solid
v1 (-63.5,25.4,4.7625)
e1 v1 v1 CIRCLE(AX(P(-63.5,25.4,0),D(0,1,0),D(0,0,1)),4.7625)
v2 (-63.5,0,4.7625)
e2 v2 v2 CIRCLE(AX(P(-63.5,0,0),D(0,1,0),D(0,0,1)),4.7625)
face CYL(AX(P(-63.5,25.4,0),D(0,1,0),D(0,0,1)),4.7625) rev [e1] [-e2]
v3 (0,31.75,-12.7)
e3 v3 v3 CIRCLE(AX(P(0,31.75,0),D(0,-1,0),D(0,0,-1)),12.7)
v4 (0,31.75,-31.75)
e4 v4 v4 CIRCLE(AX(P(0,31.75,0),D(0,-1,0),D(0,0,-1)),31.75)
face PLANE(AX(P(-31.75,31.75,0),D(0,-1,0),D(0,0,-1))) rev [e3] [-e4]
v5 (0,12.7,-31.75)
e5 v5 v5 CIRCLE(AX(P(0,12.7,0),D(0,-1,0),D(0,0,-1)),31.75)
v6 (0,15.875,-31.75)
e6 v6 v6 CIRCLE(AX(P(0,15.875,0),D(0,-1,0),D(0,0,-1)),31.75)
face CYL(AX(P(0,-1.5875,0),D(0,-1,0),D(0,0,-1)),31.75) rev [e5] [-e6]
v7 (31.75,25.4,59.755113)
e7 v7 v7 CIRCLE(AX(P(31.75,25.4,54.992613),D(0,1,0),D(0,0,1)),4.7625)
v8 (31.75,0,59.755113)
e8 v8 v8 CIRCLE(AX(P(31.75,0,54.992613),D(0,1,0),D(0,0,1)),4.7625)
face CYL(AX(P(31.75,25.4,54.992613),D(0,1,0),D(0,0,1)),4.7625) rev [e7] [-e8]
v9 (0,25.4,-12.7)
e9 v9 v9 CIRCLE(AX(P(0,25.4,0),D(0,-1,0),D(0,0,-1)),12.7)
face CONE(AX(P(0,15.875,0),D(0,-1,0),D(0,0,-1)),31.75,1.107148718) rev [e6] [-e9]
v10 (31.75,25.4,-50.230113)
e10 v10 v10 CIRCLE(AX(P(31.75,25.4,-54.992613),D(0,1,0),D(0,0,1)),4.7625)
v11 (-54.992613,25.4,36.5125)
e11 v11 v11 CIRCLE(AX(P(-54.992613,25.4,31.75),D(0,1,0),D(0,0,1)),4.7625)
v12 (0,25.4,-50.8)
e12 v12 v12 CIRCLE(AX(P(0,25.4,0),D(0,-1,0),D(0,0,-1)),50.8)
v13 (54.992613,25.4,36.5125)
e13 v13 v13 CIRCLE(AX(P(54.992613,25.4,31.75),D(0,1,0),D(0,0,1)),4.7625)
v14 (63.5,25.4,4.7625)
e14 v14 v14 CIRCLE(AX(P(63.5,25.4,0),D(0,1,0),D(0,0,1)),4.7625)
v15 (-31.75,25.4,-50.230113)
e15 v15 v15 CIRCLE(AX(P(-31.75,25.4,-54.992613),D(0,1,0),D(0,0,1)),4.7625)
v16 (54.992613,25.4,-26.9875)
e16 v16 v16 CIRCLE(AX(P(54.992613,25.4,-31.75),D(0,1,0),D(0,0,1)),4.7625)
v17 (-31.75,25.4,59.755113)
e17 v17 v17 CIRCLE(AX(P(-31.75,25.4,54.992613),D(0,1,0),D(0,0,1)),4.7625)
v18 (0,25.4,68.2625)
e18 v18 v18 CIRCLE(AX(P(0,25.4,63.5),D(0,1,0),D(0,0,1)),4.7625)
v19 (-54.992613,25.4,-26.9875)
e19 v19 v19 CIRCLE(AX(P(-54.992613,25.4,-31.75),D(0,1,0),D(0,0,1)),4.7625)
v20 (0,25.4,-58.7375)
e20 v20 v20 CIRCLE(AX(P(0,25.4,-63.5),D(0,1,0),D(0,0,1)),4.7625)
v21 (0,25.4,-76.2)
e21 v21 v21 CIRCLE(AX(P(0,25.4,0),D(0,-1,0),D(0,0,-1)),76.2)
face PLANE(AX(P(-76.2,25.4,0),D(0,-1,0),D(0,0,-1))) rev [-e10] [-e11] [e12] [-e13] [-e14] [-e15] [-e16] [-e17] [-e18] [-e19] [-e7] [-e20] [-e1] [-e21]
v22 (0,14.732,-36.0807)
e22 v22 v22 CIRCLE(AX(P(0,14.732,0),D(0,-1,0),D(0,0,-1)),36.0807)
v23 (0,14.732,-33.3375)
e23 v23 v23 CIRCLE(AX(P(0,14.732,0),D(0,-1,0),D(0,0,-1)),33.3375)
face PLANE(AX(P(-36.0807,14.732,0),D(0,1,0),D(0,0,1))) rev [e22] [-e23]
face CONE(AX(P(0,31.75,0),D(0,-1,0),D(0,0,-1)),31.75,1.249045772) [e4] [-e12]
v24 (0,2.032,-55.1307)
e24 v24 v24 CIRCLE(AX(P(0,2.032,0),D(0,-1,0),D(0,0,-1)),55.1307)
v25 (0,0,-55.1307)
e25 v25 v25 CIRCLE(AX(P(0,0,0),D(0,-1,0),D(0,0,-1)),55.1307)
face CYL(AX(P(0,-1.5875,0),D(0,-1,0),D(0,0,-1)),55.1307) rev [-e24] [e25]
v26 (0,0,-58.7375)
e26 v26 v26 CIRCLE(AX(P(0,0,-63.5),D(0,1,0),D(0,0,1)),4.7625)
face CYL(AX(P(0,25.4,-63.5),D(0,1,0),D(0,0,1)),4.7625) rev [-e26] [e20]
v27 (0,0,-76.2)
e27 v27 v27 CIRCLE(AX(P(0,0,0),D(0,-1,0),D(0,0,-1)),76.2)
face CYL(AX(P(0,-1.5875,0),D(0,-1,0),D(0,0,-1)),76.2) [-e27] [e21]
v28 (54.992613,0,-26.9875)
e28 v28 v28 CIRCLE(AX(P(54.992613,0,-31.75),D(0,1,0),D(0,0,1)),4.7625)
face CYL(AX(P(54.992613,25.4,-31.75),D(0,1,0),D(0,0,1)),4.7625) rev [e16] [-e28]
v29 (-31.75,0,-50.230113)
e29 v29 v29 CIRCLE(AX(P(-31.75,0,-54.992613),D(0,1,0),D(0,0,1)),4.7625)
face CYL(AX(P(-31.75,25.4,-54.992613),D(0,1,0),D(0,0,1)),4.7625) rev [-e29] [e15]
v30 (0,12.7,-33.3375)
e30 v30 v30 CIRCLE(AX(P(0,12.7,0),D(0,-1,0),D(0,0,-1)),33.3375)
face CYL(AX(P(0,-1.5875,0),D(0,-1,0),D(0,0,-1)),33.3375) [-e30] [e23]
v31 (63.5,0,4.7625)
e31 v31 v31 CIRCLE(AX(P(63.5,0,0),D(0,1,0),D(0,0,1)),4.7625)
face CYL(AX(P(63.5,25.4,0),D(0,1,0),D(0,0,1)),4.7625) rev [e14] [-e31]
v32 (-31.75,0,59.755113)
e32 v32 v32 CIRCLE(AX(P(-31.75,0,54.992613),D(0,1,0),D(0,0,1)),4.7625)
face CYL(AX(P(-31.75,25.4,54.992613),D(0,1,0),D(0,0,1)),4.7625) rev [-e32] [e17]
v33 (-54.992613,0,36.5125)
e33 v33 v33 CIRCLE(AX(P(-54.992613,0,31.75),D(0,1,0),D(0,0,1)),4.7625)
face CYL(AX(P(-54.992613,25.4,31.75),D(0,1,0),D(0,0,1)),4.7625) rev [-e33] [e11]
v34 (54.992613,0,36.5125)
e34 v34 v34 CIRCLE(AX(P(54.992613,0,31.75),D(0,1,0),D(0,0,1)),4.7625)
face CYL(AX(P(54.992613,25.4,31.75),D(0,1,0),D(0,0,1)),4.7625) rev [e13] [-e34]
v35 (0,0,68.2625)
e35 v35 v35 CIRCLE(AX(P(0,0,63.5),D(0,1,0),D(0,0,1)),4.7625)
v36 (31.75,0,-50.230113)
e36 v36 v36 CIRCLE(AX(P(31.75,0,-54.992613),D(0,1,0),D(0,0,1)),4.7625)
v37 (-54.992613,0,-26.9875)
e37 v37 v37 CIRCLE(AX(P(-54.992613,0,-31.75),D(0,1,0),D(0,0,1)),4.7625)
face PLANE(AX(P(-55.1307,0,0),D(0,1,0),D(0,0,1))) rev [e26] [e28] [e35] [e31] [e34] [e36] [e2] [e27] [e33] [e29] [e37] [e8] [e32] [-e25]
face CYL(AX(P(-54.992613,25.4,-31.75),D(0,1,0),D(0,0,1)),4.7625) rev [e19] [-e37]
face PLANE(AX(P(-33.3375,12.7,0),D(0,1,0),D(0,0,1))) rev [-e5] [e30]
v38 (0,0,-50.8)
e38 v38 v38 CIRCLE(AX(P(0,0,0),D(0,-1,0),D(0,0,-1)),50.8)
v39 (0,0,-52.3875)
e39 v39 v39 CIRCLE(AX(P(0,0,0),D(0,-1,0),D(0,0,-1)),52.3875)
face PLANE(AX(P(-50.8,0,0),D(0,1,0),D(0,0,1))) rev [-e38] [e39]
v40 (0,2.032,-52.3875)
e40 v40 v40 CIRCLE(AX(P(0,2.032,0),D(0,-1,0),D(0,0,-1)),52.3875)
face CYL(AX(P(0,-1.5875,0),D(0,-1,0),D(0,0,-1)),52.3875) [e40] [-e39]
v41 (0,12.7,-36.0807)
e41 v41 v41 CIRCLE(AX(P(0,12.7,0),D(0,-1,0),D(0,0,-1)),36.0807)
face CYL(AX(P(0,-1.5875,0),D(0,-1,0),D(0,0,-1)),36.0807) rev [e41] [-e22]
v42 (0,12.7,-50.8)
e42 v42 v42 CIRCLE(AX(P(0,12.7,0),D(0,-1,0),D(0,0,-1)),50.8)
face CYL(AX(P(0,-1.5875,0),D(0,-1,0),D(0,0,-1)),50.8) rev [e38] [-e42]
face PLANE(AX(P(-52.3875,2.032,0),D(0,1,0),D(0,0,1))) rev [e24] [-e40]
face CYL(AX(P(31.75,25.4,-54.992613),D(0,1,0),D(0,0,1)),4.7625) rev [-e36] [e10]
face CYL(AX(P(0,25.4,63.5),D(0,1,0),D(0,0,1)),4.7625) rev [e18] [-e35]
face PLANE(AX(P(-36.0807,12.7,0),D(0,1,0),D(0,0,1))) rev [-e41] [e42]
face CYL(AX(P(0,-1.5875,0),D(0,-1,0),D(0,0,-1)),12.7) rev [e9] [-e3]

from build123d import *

# Parameters (mm, degrees)
CIRPATTERN1_COUNT = 12


with BuildPart() as part:
    # Sketch1 → Revolve1 (revolve)
    with BuildSketch(Plane.XY):
        Polygon((-76.2, 0), (-76.2, 25.4), (-50.8, 25.4), (-31.75, 31.75), (-12.7, 31.75), (-12.7, 25.4), (-31.75, 15.875), (-31.75, 12.7), (-33.3375, 12.7), (-33.3375, 14.732), (-36.0807, 14.732), (-36.0807, 12.7), (-50.8, 12.7), (-50.8, 0), (-52.3875, 0), (-52.3875, 2.032), (-55.1307, 2.032), (-55.1307, 0), align=None)
    revolve(axis=Axis((0, -1.5875, 0), (0, 1, 0)))

    # Sketch3 → 3/8 (0.375) Diameter Hole1 (revolve, cut)
    with BuildSketch(Plane(origin=(-63.5, 25.4, 0), x_dir=(0, 0, 1), z_dir=(1, 0, 0))):
        Polygon((0, 0), (0, 53.661598698), (4.7625, 50.8), (4.7625, 0), align=None)
    f_3_8_0_375_diameter_hole1 = revolve(axis=Axis((-63.5, 31.75, 0), (0, -1, 0)), mode=Mode.SUBTRACT)

    # CirPattern1: 3/8 (0.375) Diameter Hole1 ×12 about axis
    cirpattern1_axis = Axis((0, 0, 0), (0, 1, 0))
    for i in range(1, CIRPATTERN1_COUNT):
        add(f_3_8_0_375_diameter_hole1.rotate(cirpattern1_axis, i * 360 / CIRPATTERN1_COUNT), mode=Mode.SUBTRACT)


solid = part.part
